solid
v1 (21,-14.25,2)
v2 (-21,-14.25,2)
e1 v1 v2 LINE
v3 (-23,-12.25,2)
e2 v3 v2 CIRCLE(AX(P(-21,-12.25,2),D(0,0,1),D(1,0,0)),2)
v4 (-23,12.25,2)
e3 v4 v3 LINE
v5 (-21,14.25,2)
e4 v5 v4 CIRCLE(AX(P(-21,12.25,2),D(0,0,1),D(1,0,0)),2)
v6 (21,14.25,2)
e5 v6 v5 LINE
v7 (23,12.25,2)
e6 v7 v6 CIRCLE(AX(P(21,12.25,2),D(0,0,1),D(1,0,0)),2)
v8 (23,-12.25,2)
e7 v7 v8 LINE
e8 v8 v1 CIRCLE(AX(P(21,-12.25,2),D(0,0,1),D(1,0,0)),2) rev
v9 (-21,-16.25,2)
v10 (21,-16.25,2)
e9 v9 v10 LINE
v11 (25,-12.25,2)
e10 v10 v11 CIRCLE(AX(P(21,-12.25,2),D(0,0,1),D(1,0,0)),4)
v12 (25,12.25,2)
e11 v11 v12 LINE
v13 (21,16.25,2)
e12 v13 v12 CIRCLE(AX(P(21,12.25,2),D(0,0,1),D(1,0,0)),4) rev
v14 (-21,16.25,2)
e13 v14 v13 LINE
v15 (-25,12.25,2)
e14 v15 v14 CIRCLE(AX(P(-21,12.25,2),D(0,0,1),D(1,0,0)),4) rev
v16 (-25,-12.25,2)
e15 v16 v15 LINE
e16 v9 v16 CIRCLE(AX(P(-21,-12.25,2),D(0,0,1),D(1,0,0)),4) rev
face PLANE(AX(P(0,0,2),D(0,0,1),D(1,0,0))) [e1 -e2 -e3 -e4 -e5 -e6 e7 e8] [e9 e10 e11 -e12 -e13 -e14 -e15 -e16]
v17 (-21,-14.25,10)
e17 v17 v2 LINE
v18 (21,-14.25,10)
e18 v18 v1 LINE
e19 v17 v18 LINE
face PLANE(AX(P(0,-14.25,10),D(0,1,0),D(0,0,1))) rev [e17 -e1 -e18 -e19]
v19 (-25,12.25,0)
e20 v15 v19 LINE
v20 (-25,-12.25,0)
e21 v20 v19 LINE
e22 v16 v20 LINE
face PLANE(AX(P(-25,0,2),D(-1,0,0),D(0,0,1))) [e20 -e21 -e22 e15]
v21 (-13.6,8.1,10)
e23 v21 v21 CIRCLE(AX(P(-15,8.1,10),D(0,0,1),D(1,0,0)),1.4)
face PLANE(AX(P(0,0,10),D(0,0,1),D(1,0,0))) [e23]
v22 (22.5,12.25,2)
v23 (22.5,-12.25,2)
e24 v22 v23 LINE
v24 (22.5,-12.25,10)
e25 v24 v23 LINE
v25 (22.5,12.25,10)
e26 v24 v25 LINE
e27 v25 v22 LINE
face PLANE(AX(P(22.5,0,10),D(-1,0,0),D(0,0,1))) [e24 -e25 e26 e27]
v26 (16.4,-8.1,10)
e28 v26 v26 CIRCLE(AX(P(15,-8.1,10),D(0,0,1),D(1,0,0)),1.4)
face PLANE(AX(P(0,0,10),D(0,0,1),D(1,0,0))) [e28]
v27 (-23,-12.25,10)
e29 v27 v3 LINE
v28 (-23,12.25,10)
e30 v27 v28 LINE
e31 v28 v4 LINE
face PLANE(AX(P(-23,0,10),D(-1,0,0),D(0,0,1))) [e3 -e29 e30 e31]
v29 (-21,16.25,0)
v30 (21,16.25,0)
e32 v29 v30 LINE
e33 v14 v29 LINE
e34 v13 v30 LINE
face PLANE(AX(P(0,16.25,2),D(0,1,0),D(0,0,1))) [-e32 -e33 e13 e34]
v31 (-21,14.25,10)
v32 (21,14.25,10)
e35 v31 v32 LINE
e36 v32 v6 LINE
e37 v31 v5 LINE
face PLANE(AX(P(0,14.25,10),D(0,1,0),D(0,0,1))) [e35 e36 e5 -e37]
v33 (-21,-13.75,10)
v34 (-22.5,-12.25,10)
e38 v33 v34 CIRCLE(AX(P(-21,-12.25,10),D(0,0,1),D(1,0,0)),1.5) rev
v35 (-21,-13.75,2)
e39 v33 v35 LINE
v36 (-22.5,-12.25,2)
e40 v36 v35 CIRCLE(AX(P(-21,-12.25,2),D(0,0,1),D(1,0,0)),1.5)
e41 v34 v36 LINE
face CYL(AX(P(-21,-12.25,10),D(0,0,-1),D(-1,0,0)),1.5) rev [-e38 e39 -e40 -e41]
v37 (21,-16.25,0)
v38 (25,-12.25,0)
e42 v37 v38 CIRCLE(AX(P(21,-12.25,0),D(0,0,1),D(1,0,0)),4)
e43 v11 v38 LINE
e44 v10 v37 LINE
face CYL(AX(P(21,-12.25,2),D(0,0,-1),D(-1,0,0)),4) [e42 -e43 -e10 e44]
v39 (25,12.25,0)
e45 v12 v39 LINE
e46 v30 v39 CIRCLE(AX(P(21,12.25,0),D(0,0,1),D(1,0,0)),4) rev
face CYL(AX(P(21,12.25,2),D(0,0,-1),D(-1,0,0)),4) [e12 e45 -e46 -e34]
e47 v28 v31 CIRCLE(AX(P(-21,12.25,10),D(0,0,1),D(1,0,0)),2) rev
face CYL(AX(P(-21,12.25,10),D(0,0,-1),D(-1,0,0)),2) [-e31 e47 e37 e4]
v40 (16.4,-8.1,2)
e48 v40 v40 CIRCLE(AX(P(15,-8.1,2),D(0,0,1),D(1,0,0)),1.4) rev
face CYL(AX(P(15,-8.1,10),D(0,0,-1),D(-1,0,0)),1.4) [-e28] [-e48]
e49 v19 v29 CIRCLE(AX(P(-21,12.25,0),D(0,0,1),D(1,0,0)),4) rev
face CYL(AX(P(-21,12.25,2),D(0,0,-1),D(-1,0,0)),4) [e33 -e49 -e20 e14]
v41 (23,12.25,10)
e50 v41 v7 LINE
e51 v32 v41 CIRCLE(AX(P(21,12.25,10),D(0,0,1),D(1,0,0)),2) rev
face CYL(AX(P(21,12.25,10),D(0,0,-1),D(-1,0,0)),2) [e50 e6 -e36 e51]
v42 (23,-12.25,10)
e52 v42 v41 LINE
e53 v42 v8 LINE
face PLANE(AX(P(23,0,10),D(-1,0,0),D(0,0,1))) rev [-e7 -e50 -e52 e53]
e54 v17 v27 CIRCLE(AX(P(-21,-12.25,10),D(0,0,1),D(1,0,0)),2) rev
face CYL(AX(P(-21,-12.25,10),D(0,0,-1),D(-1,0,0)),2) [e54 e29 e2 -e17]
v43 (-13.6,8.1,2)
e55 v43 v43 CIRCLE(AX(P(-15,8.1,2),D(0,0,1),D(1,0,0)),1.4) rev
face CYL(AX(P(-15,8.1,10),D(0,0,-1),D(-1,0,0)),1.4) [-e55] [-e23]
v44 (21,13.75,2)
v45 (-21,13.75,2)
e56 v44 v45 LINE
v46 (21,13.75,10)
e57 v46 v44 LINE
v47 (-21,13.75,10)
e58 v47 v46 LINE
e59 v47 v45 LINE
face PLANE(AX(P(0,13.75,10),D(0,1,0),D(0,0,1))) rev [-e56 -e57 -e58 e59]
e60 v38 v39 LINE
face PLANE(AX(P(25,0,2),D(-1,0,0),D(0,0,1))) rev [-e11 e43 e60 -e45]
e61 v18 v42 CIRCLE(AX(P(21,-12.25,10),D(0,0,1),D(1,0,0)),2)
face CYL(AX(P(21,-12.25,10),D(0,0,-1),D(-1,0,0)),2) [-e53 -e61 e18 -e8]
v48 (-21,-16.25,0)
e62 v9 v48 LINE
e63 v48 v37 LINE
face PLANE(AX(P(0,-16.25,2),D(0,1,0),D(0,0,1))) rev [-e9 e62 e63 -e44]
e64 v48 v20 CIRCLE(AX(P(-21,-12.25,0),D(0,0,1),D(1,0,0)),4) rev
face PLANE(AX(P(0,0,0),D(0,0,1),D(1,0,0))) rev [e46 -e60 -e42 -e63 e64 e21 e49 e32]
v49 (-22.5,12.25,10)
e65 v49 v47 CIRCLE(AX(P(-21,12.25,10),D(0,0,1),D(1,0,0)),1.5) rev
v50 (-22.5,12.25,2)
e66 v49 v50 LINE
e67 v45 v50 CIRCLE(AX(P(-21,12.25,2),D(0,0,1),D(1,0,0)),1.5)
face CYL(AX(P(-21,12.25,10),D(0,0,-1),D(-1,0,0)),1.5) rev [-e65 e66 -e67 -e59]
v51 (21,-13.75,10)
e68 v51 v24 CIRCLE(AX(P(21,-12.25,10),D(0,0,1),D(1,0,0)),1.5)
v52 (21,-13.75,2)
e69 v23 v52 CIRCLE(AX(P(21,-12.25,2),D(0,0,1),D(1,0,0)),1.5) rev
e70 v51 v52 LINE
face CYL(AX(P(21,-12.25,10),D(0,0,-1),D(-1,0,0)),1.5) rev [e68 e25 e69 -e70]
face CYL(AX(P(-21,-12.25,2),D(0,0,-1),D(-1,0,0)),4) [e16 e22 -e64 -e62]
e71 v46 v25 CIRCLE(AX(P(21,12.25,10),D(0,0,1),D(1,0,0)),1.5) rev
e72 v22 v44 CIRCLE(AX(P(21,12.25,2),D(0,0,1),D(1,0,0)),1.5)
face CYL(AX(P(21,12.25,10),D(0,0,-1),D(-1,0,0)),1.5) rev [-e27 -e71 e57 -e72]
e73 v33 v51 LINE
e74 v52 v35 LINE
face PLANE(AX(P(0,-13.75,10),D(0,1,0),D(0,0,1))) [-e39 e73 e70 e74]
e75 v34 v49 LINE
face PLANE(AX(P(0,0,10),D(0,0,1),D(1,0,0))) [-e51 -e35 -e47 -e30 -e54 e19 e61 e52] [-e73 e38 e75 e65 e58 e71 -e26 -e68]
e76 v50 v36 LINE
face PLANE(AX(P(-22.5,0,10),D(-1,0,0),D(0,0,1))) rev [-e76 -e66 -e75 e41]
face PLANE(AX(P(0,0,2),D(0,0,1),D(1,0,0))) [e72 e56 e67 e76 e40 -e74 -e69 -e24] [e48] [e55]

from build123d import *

# Parameters (mm, degrees)
BOSS_EXTRUDE1_DEPTH = 2
SKETCH1_3_R         = 1.4
BOSS_EXTRUDE2_DEPTH = 10


with BuildPart() as part:
    # Sketch1 → Boss-Extrude1 (new body)
    with BuildSketch(Plane.XY):
        with BuildLine():
            ThreePointArc((-25, -12.25), (-23.828427125, -15.078427125), (-21, -16.25))
            Line((-21, -16.25), (21, -16.25))
            ThreePointArc((21, -16.25), (23.828427125, -15.078427125), (25, -12.25))
            Line((25, -12.25), (25, 12.25))
            ThreePointArc((25, 12.25), (23.828427125, 15.078427125), (21, 16.25))
            Line((21, 16.25), (-21, 16.25))
            ThreePointArc((-21, 16.25), (-23.828427125, 15.078427125), (-25, 12.25))
            Line((-25, 12.25), (-25, -12.25))
        make_face()
    extrude(amount=BOSS_EXTRUDE1_DEPTH)

    # Sketch1<3> → Boss-Extrude2 (add)
    # profile 1 of 3: a face of its own
    with BuildSketch(Plane.XY):
        with BuildLine():
            Line((21, 14.25), (-21, 14.25))
            ThreePointArc((-21, 14.25), (-22.414213562, 13.664213562), (-23, 12.25))
            Line((-23, 12.25), (-23, -12.25))
            ThreePointArc((-23, -12.25), (-22.414213562, -13.664213562), (-21, -14.25))
            Line((-21, -14.25), (21, -14.25))
            ThreePointArc((21, -14.25), (22.414213562, -13.664213562), (23, -12.25))
            Line((23, -12.25), (23, 12.25))
            ThreePointArc((23, 12.25), (22.414213562, 13.664213562), (21, 14.25))
        make_face()
        with BuildLine():
            ThreePointArc((-22.5, 12.25), (-22.060660172, 13.310660172), (-21, 13.75))
            Line((-21, 13.75), (21, 13.75))
            ThreePointArc((21, 13.75), (22.060660172, 13.310660172), (22.5, 12.25))
            Line((22.5, 12.25), (22.5, -12.25))
            ThreePointArc((22.5, -12.25), (22.060660172, -13.310660172), (21, -13.75))
            Line((21, -13.75), (-21, -13.75))
            ThreePointArc((-21, -13.75), (-22.060660172, -13.310660172), (-22.5, -12.25))
            Line((-22.5, -12.25), (-22.5, 12.25))
        make_face(mode=Mode.SUBTRACT)
    # profile 2 of 3: a face of its own
    with BuildSketch(Plane.XY):
        with Locations((-15, 8.1)):
            Circle(SKETCH1_3_R)
    # profile 3 of 3: a face of its own
    with BuildSketch(Plane.XY):
        with Locations((15, -8.1)):
            Circle(SKETCH1_3_R)
    extrude(amount=BOSS_EXTRUDE2_DEPTH)


solid = part.part
